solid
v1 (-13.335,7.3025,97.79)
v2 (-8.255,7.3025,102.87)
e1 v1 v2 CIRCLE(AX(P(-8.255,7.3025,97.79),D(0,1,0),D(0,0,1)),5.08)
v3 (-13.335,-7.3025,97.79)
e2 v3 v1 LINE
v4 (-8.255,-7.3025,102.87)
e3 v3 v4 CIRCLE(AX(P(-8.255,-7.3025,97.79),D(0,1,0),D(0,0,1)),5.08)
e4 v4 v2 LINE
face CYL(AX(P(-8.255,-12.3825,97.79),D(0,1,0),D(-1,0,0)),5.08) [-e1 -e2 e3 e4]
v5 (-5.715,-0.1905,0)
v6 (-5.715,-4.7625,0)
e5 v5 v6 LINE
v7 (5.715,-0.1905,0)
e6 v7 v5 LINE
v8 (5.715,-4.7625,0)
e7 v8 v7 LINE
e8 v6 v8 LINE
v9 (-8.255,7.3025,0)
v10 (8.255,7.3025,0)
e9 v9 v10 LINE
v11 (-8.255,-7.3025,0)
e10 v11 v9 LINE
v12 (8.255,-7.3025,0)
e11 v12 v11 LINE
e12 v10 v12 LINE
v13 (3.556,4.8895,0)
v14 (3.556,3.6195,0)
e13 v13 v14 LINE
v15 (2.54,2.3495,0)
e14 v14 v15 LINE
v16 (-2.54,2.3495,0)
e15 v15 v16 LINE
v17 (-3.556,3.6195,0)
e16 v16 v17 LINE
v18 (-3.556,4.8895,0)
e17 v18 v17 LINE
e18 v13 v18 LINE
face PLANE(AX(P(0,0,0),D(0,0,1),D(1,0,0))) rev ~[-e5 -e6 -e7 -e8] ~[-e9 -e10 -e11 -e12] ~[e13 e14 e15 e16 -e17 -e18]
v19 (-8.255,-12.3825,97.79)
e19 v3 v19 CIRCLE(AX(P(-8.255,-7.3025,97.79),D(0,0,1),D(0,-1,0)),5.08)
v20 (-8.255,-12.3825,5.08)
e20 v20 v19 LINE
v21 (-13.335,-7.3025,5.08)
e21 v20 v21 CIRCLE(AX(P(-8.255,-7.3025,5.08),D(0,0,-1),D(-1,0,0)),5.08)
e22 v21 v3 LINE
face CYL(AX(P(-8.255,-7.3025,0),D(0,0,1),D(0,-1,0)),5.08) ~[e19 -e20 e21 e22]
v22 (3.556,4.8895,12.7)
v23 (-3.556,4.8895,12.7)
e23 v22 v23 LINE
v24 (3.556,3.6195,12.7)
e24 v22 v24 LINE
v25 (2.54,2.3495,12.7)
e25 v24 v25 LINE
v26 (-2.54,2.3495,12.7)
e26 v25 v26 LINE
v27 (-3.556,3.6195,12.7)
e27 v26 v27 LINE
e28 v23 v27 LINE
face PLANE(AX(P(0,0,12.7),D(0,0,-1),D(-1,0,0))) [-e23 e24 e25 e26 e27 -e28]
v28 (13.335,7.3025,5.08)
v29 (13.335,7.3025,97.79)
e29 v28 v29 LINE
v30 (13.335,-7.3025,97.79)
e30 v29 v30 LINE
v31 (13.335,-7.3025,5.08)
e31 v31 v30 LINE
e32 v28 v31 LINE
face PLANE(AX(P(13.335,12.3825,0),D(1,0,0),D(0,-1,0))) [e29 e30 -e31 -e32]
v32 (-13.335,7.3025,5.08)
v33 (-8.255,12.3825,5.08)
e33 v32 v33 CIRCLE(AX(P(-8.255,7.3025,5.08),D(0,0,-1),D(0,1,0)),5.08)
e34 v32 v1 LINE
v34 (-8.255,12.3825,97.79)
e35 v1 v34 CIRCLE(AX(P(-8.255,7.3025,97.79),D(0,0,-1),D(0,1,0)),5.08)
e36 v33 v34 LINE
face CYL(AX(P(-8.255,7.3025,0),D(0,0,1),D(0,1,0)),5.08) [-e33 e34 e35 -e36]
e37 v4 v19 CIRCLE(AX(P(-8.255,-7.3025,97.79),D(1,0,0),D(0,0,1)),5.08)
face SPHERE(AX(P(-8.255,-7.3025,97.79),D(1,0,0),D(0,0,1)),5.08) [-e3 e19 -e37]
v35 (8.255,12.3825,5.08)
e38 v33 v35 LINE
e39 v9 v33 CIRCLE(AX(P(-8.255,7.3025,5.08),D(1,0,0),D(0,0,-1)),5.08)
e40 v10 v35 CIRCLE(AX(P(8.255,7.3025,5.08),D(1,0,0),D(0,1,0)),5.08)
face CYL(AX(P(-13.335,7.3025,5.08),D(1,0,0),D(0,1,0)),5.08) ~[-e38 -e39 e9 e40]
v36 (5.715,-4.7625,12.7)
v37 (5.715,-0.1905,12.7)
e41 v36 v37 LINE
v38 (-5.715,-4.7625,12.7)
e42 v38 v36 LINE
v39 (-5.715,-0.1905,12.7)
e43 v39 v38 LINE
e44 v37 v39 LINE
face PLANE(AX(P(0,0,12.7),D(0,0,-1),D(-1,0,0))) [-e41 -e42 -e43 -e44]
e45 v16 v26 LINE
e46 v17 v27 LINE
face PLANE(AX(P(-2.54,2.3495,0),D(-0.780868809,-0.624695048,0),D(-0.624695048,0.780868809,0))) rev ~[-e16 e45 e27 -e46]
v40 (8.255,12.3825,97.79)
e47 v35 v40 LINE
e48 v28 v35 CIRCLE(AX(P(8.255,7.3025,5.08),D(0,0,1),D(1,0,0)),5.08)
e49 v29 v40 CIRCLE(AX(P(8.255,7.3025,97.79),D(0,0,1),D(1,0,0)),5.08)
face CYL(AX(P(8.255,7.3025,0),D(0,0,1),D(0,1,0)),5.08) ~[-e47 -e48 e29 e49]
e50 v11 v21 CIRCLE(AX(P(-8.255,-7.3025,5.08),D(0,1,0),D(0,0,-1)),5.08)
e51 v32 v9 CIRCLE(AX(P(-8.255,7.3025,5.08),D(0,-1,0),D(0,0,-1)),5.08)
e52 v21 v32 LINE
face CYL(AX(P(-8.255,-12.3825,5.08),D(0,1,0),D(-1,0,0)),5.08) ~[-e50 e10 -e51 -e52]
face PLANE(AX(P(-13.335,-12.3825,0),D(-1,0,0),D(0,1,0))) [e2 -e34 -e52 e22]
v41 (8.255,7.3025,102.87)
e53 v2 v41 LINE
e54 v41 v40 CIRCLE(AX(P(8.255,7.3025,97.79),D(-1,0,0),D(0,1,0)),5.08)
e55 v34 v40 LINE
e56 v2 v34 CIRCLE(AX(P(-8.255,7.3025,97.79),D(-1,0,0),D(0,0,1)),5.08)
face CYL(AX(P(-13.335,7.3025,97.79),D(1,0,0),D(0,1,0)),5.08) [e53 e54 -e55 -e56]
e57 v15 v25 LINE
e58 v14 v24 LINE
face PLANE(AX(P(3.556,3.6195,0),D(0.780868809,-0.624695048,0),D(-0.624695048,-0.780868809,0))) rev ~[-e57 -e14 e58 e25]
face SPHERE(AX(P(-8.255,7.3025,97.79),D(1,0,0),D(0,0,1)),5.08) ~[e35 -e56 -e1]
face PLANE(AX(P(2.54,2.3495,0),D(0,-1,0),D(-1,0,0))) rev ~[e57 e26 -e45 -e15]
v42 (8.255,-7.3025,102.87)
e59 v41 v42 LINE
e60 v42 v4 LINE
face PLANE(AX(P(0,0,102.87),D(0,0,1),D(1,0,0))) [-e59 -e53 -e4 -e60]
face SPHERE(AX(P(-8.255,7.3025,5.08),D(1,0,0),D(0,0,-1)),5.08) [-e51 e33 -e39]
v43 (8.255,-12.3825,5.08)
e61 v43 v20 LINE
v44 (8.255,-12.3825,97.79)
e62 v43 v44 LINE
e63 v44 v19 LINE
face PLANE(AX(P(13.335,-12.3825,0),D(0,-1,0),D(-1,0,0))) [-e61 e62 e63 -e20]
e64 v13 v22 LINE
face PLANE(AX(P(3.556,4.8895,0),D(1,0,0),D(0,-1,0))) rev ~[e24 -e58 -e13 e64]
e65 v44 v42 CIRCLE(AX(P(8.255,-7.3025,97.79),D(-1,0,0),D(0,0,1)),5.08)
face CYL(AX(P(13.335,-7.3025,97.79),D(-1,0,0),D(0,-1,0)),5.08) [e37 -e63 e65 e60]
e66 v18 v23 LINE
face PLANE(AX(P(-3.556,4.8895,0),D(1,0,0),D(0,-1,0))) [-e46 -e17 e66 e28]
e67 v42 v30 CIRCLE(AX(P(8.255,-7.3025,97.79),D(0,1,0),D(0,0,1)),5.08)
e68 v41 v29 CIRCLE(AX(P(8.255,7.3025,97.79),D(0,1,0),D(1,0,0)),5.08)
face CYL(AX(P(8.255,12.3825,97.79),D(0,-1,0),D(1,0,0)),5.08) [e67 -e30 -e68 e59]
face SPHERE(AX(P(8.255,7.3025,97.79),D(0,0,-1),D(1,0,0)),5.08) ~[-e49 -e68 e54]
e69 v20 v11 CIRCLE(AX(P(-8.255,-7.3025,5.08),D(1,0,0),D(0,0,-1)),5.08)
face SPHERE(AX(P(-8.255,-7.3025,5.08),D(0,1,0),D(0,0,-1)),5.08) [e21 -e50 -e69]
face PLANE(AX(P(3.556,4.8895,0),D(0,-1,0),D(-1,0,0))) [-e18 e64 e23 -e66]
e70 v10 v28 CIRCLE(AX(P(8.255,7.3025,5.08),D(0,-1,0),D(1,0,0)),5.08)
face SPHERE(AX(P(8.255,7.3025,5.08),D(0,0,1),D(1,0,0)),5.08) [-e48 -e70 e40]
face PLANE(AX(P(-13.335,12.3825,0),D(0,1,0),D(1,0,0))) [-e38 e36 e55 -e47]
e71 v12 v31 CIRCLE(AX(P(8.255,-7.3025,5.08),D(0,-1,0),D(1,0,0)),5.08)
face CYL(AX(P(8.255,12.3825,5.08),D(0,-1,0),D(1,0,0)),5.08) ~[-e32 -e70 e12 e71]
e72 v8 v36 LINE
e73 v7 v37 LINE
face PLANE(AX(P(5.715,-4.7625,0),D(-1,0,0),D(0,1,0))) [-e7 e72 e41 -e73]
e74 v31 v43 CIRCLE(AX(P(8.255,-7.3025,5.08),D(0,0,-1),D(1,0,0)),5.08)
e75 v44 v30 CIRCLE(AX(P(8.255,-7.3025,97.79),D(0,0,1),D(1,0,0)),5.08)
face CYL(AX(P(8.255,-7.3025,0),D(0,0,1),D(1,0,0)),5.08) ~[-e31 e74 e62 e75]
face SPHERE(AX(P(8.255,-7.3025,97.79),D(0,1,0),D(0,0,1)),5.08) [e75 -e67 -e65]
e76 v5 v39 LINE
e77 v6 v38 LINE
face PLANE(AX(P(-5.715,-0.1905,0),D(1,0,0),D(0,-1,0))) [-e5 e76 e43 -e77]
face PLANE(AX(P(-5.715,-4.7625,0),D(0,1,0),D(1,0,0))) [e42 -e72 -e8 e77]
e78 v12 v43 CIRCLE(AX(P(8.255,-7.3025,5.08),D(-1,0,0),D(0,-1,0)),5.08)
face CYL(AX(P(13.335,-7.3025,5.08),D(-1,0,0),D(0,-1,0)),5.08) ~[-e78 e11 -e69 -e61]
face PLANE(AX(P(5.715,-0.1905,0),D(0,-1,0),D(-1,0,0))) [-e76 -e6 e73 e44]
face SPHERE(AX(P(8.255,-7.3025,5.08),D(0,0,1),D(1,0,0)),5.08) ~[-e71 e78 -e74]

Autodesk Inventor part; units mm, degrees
ref_plane "YZ Plane" through (0, 0, 0) normal (1, 0, 0) x (0, 1, 0)
ref_plane "XZ Plane" through (0, 0, 0) normal (0, 1, 0) x (-1, 0, 0)
ref_plane "XY Plane" through (0, 0, 0) normal (0, 0, 1) x (1, 0, 0)
sketch "Sketch1" plane through (0, 0, 0) normal (0, 0, 1) x (1, 0, 0)
  line L0 (-13.335, 12.3825) -> (13.335, 12.3825)
  line L1 (13.335, 12.3825) -> (13.335, -12.3825)
  line L2 (13.335, -12.3825) -> (-13.335, -12.3825)
  line L3 (-13.335, -12.3825) -> (-13.335, 12.3825)
  line L4 (-13.335, 12.3825) -> (13.335, -12.3825) construction
  line L5 (13.335, 12.3825) -> (-13.335, -12.3825) construction
  point P0 (0, 0)
  dimension "d0" = 26.67
  dimension "d1" = 24.765
extrude "Extrusion1" add sketch "Sketch1" along normal blind 102.87
fillet "Fillet1" radius 5.08 12 edges at (13.335, 12.3825, 51.435) (13.335, 0, 102.87) (0, 12.3825, 102.87) (0, -12.3825, 102.87) (13.335, -12.3825, 51.435) (-13.335, 0, 102.87) (13.335, 0, 0) (0, 12.3825, 0) (-13.335, 0, 0) (0, -12.3825, 0) (-13.335, 12.3825, 51.435) (-13.335, -12.3825, 51.435)
sketch "Sketch2" plane through (0, 0, 0) normal (0, 0, -1) x (-1, 0, 0)
  line L0 (-5.715, -0.1905) -> (5.715, -0.1905)
  line L1 (5.715, -0.1905) -> (5.715, -4.7625)
  line L2 (5.715, -4.7625) -> (-5.715, -4.7625)
  line L3 (-5.715, -4.7625) -> (-5.715, -0.1905)
  line L4 (-8.255, -12.3825) -> (8.255, -12.3825) projected
  line L5 (-8.255, 12.3825) -> (8.255, 12.3825) construction
  line L6 (0, 12.3825) -> (0, -12.3825) construction
  line L7 (-3.556, 4.8895) -> (3.556, 4.8895)
  line L8 (3.556, 4.8895) -> (3.556, 3.6195)
  line L9 (-3.556, 4.8895) -> (-3.556, 3.6195)
  line L10 (-2.54, 2.3495) -> (2.54, 2.3495)
  line L11 (2.54, 2.3495) -> (3.556, 3.6195)
  line L12 (-3.556, 3.6195) -> (-2.54, 2.3495)
  point P0 (0, 0)
  dimension "d5" = 11.43
  dimension "d6" = 4.572
  dimension "d7" = 7.62
  dimension "d8" = 5.715
  dimension "d9" = 7.112
  dimension "d10" = 1.27
  dimension "d11" = 1.27
  dimension "d12" = 5.08
  dimension "d13" = 2.54
  dimension "d14" = 1.016
  dimension "d15" = 3.556
  dimension "d16" = 2.54
extrude "Extrusion2" cut sketch "Sketch2" against normal blind 12.7
equation "\"d8\" = 0.5 * d5"
equation "\"d15\" = 0.5 * d9"
properties part number "5V_LIon"
